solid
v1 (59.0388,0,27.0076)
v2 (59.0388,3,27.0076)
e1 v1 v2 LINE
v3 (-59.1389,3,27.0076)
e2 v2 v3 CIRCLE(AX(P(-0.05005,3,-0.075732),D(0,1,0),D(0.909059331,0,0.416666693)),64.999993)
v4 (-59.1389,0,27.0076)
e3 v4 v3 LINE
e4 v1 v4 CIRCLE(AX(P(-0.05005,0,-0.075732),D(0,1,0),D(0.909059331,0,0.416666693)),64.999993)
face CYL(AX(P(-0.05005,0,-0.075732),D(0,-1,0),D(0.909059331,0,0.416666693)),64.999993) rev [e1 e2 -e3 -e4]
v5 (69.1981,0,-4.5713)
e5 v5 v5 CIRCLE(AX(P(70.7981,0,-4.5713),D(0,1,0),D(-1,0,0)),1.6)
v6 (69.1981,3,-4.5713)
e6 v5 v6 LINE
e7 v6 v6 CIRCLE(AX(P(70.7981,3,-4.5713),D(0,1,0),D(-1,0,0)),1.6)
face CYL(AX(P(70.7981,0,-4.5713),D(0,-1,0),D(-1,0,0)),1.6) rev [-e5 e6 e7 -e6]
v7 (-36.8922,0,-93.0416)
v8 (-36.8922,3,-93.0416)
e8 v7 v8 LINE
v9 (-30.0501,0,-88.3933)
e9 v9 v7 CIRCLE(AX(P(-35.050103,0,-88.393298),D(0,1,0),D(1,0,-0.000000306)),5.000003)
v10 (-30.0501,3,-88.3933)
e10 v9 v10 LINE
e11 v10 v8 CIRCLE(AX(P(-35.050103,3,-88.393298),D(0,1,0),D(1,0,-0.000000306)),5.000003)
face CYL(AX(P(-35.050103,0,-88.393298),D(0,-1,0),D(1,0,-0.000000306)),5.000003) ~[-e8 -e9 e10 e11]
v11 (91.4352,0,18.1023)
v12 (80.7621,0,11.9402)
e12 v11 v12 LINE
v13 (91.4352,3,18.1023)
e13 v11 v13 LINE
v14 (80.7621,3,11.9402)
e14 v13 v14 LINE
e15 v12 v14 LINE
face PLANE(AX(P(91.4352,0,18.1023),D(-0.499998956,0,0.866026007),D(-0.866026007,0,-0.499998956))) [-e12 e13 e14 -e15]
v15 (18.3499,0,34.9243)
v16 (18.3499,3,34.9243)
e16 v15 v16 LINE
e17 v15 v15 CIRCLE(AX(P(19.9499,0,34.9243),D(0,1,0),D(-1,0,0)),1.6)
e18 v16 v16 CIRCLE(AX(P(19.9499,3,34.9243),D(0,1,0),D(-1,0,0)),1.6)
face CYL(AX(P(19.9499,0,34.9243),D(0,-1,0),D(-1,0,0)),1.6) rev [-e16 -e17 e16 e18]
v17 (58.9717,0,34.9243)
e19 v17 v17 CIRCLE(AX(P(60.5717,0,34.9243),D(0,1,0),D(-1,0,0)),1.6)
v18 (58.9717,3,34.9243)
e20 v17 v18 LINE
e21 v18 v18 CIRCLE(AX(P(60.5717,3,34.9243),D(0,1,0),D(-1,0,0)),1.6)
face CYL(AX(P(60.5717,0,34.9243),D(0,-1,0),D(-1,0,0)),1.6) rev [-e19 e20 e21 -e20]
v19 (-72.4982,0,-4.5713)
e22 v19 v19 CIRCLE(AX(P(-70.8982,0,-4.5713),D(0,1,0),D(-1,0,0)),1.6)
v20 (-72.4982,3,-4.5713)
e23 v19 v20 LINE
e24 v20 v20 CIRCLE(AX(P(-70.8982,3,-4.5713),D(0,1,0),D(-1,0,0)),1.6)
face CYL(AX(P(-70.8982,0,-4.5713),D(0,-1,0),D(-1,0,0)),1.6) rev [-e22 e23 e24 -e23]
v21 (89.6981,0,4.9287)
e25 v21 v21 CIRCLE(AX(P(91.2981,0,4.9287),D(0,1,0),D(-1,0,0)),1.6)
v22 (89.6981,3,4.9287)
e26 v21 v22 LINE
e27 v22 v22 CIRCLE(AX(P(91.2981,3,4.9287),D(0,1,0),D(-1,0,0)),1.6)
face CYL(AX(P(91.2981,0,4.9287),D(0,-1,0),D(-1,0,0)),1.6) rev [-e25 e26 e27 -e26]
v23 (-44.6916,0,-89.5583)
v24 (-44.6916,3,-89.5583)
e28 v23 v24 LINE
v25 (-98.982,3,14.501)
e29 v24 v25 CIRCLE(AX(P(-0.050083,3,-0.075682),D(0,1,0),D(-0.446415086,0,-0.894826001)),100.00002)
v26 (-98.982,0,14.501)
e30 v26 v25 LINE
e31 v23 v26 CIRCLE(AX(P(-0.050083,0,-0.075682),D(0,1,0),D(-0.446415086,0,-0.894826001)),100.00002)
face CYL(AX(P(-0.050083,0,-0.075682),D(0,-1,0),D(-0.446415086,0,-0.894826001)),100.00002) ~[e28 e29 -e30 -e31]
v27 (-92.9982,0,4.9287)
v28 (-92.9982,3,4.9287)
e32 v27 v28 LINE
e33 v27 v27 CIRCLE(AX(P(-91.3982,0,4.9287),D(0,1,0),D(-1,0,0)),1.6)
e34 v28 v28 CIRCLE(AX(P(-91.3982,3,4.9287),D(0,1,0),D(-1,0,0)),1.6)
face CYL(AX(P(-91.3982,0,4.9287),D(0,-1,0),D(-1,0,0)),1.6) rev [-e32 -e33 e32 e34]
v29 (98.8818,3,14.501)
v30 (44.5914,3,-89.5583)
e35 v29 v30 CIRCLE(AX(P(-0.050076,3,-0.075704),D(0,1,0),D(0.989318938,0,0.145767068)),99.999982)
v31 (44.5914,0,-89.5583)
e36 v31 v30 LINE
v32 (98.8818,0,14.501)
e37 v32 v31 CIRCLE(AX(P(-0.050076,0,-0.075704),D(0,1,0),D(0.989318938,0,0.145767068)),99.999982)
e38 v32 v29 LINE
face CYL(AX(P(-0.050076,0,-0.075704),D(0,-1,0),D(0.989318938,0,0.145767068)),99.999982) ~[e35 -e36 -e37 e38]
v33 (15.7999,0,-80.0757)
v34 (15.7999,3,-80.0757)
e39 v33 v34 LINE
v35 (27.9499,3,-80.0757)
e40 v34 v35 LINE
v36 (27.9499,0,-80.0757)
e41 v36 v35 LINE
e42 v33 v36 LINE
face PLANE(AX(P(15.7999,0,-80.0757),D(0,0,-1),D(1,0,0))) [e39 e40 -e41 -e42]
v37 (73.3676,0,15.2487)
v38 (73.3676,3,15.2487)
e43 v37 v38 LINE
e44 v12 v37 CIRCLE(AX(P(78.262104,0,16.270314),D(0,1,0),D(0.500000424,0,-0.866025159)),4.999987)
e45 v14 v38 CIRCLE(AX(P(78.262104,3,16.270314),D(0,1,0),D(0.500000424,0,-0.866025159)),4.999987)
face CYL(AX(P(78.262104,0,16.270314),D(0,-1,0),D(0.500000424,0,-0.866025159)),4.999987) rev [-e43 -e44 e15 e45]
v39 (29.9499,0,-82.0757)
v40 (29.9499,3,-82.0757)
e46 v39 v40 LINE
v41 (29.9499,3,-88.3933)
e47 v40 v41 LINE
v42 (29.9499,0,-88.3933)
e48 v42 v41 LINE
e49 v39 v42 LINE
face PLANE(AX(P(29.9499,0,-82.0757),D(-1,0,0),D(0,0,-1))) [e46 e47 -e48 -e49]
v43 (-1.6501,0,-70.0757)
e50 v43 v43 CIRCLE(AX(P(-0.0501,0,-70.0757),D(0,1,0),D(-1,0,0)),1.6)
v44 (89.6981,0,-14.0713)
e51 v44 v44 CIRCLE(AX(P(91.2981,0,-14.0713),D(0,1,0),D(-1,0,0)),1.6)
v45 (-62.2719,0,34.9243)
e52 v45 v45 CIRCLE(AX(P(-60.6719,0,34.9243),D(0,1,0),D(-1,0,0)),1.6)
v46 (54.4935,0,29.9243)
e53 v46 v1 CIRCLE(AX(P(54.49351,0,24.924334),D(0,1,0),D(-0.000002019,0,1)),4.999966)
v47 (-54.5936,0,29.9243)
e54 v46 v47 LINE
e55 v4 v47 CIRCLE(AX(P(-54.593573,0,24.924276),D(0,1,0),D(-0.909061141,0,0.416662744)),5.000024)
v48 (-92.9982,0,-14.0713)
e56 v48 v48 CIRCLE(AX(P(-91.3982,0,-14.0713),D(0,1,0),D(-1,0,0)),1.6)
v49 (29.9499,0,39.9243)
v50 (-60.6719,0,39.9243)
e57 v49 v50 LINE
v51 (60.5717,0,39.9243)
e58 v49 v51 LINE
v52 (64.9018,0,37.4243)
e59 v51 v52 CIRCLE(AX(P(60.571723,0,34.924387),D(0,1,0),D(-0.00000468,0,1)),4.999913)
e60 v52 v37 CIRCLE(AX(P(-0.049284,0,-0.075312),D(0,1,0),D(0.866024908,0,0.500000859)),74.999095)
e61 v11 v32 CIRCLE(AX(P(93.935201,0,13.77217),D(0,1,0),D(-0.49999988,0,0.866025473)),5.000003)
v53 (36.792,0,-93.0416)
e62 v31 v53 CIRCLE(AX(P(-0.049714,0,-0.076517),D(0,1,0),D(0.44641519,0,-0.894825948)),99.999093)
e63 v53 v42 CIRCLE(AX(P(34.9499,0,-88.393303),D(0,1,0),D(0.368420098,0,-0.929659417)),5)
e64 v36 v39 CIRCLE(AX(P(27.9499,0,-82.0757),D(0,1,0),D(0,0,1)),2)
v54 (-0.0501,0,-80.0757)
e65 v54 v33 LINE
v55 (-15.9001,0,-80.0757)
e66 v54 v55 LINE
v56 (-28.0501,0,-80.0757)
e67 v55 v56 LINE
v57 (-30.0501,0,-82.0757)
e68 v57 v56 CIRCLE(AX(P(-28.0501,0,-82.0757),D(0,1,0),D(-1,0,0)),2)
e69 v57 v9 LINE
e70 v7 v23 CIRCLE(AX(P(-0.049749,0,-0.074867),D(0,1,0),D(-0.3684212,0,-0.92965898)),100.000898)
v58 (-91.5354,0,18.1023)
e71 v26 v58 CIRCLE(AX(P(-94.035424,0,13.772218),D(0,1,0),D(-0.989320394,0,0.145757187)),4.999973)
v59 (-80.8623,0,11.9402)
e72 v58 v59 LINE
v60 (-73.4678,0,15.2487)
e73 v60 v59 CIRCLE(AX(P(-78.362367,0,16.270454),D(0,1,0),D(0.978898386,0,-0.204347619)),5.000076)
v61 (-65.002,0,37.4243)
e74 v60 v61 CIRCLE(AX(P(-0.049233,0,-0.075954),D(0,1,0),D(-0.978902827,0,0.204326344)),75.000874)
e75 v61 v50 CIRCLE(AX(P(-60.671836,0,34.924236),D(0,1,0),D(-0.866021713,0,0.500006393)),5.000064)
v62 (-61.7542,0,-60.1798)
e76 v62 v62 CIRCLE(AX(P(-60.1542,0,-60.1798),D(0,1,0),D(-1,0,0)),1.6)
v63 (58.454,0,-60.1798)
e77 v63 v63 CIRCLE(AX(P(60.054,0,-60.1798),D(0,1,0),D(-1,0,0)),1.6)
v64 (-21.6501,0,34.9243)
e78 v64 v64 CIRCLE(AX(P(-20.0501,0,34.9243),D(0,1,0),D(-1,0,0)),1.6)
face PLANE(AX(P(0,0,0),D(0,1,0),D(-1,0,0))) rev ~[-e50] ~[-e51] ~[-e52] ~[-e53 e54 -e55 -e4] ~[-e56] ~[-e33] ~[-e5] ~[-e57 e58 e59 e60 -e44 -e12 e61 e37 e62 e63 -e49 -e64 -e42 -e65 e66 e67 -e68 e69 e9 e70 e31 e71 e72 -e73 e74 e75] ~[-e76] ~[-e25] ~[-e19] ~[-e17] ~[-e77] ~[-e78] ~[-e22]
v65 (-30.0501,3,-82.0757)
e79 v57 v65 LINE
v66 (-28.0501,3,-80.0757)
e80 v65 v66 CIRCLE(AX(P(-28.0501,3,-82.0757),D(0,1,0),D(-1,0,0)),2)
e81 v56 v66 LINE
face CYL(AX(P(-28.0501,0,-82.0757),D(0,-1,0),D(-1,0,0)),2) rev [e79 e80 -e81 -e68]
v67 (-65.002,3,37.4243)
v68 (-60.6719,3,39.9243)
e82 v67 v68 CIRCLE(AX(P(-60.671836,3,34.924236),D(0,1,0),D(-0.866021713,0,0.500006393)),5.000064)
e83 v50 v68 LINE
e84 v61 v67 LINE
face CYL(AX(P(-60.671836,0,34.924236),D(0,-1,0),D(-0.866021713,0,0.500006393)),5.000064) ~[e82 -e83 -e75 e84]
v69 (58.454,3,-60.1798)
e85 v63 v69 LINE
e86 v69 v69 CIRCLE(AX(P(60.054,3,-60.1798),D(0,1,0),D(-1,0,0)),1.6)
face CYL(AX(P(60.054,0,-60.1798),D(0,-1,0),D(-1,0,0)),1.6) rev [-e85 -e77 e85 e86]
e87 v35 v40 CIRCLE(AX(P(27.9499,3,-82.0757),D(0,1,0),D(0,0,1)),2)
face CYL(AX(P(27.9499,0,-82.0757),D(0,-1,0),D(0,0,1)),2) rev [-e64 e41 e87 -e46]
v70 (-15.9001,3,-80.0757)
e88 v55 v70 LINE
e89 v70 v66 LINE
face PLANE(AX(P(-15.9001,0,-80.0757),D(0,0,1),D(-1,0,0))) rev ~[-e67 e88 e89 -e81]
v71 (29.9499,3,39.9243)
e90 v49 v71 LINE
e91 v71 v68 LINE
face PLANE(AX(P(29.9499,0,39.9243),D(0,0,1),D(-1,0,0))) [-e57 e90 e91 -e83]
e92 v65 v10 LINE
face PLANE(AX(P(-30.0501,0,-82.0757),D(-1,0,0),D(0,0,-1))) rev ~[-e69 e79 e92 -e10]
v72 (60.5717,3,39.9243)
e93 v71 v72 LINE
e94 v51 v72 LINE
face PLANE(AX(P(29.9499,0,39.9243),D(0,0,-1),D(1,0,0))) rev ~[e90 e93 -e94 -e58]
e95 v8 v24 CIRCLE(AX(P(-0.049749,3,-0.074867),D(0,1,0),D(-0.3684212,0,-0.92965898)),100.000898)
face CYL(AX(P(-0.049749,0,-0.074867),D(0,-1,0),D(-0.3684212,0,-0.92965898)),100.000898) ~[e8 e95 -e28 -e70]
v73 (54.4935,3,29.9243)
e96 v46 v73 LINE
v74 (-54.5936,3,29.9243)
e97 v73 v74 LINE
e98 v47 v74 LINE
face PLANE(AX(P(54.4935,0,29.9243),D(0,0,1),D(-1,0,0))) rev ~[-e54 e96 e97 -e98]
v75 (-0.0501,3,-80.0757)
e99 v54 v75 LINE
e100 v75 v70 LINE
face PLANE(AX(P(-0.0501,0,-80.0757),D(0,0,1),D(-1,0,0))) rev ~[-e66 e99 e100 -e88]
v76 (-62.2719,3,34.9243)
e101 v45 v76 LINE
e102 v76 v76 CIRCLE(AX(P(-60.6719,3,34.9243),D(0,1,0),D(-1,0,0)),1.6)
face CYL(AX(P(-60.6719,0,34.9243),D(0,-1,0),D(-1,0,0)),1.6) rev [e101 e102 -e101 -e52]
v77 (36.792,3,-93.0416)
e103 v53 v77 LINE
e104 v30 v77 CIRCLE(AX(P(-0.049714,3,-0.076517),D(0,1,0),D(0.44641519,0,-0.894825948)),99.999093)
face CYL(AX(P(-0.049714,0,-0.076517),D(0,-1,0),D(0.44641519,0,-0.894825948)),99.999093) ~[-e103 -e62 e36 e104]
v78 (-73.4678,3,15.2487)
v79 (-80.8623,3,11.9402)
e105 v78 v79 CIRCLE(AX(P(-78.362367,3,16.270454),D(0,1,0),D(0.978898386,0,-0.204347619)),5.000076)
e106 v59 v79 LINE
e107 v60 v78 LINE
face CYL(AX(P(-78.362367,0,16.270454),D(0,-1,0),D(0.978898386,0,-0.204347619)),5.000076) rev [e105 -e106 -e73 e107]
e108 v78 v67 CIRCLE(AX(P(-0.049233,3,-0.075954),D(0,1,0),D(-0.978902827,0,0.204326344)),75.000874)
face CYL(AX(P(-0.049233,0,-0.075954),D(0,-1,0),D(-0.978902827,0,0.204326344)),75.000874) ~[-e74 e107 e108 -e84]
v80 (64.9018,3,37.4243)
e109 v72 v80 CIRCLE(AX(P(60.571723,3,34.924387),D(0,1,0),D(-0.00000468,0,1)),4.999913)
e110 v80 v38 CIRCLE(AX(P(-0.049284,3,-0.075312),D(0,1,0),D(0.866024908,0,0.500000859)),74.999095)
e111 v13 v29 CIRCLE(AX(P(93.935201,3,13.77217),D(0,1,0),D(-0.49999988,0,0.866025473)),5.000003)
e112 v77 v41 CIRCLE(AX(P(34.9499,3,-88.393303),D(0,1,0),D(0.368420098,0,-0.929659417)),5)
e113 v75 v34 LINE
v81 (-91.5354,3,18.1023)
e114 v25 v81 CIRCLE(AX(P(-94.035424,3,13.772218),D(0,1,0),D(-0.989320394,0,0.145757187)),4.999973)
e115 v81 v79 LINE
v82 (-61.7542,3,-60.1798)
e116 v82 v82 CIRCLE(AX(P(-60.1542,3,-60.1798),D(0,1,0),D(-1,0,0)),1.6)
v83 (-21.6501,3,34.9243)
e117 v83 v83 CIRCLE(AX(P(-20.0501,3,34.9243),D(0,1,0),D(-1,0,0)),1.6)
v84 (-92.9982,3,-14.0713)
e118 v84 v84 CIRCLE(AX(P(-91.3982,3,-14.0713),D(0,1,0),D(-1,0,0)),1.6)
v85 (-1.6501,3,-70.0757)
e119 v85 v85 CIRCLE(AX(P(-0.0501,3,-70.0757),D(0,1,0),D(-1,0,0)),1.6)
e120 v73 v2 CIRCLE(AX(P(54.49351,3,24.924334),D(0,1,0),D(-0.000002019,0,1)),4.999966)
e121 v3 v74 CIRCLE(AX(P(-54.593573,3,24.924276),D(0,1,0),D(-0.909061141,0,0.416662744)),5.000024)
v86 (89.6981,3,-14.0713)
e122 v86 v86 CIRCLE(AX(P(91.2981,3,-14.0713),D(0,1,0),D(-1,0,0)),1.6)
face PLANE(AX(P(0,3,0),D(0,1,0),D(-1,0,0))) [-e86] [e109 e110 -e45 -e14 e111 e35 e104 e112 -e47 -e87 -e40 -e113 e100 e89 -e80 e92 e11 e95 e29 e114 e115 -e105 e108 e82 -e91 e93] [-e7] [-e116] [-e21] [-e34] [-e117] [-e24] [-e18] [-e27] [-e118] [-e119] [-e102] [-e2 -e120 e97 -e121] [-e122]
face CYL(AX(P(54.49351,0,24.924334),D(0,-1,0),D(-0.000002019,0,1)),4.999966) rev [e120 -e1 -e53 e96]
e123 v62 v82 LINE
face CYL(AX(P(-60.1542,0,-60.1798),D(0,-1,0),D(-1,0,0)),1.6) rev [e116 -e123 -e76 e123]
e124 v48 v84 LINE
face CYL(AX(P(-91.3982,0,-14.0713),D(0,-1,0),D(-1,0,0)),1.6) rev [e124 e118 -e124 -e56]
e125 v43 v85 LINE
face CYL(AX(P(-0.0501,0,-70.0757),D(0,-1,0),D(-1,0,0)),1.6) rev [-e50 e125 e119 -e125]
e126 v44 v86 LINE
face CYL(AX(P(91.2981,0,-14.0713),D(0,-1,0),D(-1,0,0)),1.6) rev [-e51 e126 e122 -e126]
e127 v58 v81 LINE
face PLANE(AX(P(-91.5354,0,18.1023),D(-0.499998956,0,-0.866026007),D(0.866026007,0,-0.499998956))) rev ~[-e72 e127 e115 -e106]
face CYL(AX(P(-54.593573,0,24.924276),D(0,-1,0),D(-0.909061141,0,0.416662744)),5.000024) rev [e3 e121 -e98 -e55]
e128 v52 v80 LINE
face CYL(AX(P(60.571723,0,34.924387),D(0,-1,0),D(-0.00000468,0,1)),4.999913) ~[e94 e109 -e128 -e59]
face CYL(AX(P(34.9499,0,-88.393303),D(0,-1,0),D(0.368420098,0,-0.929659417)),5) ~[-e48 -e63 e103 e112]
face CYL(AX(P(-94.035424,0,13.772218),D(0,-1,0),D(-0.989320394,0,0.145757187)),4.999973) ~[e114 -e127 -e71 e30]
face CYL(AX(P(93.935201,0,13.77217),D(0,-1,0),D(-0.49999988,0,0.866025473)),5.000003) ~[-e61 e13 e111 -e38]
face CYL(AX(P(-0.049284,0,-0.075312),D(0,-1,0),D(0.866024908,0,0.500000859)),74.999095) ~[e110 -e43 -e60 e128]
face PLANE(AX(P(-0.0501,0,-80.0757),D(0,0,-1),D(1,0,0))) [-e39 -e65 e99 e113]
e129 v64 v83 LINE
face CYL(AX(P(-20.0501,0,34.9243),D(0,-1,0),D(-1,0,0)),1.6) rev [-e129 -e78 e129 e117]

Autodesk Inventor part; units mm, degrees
ref_plane "YZ Plane" through (0, 0, 0) normal (1, 0, 0) x (0, 1, 0)
ref_plane "XZ Plane" through (0, 0, 0) normal (0, 1, 0) x (-1, 0, 0)
ref_plane "XY Plane" through (0, 0, 0) normal (0, 0, 1) x (1, 0, 0)
sketch "Sketch1" plane through (0, 0, 0) normal (0, 1, 0) x (-1, 0, 0)
  circle A0 centre (60.6719, 34.9243) radius 1.6
  circle A1 centre (-60.5717, 34.9243) radius 1.6
  circle A2 centre (0.0501, -70.0757) radius 1.6
  line L0 (-54.4935, 29.9243) -> (54.5936, 29.9243)
  arc A3 (-59.0388, 27.0076) -> (59.1389, 27.0076) centre (0.0501, -0.0757) ccw
  arc A4 (-54.4935, 29.9243) -> (-59.0388, 27.0076) centre (-54.4935, 24.9243) ccw
  arc A5 (59.1389, 27.0076) -> (54.5936, 29.9243) centre (54.5936, 24.9243) ccw
  line L1 (-29.9499, 39.9243) -> (-60.5717, 39.9243)
  line L2 (-29.9499, 39.9243) -> (60.6719, 39.9243)
  arc A6 (-60.5717, 39.9243) -> (-64.9018, 37.4243) centre (-60.5717, 34.9243) ccw
  arc A7 (65.002, 37.4243) -> (60.6719, 39.9243) centre (60.6719, 34.9243) ccw
  line L3 (0.0501, -80.0757) -> (-15.7999, -80.0757)
  line L4 (0.0501, -80.0757) -> (-27.9499, -80.0757)
  arc A8 (-27.9499, -80.0757) -> (-29.9499, -82.0757) centre (-27.9499, -82.0757) ccw
  line L5 (-29.9499, -82.0757) -> (-29.9499, -88.3933)
  arc A9 (-44.5914, -89.5583) -> (-36.792, -93.0416) centre (0.0501, -0.0757) ccw
  arc A10 (-36.792, -93.0416) -> (-29.9499, -88.3933) centre (-34.9499, -88.3933) ccw
  line L6 (0.0501, -80.0757) -> (15.9001, -80.0757)
  line L7 (0.0501, -80.0757) -> (28.0501, -80.0757)
  arc A11 (30.0501, -82.0757) -> (28.0501, -80.0757) centre (28.0501, -82.0757) ccw
  line L8 (30.0501, -82.0757) -> (30.0501, -88.3933)
  arc A12 (36.8922, -93.0416) -> (44.6916, -89.5583) centre (0.0501, -0.0757) ccw
  arc A13 (30.0501, -88.3933) -> (36.8922, -93.0416) centre (35.0501, -88.3933) ccw
  arc A14 (44.6916, -89.5583) -> (98.982, 14.501) centre (0.0501, -0.0757) ccw
  arc A15 (-98.8818, 14.501) -> (-44.5914, -89.5583) centre (0.0501, -0.0757) ccw
  arc A16 (-91.4352, 18.1023) -> (-98.8818, 14.501) centre (-93.9352, 13.7722) ccw
  line L9 (-91.4352, 18.1023) -> (-80.7621, 11.9402)
  arc A17 (-64.9018, 37.4243) -> (-73.3676, 15.2487) centre (0.0501, -0.0757) ccw
  arc A18 (-80.7621, 11.9402) -> (-73.3676, 15.2487) centre (-78.2621, 16.2704) ccw
  arc A19 (98.982, 14.501) -> (91.5354, 18.1023) centre (94.0354, 13.7722) ccw
  line L10 (91.5354, 18.1023) -> (80.8623, 11.9402)
  arc A20 (73.4678, 15.2487) -> (65.002, 37.4243) centre (0.0501, -0.0757) ccw
  arc A21 (73.4678, 15.2487) -> (80.8623, 11.9402) centre (78.3623, 16.2704) ccw
  circle A22 centre (-19.9499, 34.9243) radius 1.6
  circle A23 centre (20.0501, 34.9243) radius 1.6
  circle A24 centre (-60.054, -60.1798) radius 1.6
  circle A25 centre (60.1542, -60.1798) radius 1.6
  circle A26 centre (-91.2981, -14.0713) radius 1.6
  circle A27 centre (-91.2981, 4.9287) radius 1.6
  circle A28 centre (91.3982, -14.0713) radius 1.6
  circle A29 centre (91.3982, 4.9287) radius 1.6
  circle A30 centre (70.8982, -4.5713) radius 1.6
  circle A31 centre (-70.7981, -4.5713) radius 1.6
extrude "Extrusion1" add sketch "Sketch1" along normal blind 3
properties part number "Light Sensor Plate" material "Polycarbonate, Clear"
